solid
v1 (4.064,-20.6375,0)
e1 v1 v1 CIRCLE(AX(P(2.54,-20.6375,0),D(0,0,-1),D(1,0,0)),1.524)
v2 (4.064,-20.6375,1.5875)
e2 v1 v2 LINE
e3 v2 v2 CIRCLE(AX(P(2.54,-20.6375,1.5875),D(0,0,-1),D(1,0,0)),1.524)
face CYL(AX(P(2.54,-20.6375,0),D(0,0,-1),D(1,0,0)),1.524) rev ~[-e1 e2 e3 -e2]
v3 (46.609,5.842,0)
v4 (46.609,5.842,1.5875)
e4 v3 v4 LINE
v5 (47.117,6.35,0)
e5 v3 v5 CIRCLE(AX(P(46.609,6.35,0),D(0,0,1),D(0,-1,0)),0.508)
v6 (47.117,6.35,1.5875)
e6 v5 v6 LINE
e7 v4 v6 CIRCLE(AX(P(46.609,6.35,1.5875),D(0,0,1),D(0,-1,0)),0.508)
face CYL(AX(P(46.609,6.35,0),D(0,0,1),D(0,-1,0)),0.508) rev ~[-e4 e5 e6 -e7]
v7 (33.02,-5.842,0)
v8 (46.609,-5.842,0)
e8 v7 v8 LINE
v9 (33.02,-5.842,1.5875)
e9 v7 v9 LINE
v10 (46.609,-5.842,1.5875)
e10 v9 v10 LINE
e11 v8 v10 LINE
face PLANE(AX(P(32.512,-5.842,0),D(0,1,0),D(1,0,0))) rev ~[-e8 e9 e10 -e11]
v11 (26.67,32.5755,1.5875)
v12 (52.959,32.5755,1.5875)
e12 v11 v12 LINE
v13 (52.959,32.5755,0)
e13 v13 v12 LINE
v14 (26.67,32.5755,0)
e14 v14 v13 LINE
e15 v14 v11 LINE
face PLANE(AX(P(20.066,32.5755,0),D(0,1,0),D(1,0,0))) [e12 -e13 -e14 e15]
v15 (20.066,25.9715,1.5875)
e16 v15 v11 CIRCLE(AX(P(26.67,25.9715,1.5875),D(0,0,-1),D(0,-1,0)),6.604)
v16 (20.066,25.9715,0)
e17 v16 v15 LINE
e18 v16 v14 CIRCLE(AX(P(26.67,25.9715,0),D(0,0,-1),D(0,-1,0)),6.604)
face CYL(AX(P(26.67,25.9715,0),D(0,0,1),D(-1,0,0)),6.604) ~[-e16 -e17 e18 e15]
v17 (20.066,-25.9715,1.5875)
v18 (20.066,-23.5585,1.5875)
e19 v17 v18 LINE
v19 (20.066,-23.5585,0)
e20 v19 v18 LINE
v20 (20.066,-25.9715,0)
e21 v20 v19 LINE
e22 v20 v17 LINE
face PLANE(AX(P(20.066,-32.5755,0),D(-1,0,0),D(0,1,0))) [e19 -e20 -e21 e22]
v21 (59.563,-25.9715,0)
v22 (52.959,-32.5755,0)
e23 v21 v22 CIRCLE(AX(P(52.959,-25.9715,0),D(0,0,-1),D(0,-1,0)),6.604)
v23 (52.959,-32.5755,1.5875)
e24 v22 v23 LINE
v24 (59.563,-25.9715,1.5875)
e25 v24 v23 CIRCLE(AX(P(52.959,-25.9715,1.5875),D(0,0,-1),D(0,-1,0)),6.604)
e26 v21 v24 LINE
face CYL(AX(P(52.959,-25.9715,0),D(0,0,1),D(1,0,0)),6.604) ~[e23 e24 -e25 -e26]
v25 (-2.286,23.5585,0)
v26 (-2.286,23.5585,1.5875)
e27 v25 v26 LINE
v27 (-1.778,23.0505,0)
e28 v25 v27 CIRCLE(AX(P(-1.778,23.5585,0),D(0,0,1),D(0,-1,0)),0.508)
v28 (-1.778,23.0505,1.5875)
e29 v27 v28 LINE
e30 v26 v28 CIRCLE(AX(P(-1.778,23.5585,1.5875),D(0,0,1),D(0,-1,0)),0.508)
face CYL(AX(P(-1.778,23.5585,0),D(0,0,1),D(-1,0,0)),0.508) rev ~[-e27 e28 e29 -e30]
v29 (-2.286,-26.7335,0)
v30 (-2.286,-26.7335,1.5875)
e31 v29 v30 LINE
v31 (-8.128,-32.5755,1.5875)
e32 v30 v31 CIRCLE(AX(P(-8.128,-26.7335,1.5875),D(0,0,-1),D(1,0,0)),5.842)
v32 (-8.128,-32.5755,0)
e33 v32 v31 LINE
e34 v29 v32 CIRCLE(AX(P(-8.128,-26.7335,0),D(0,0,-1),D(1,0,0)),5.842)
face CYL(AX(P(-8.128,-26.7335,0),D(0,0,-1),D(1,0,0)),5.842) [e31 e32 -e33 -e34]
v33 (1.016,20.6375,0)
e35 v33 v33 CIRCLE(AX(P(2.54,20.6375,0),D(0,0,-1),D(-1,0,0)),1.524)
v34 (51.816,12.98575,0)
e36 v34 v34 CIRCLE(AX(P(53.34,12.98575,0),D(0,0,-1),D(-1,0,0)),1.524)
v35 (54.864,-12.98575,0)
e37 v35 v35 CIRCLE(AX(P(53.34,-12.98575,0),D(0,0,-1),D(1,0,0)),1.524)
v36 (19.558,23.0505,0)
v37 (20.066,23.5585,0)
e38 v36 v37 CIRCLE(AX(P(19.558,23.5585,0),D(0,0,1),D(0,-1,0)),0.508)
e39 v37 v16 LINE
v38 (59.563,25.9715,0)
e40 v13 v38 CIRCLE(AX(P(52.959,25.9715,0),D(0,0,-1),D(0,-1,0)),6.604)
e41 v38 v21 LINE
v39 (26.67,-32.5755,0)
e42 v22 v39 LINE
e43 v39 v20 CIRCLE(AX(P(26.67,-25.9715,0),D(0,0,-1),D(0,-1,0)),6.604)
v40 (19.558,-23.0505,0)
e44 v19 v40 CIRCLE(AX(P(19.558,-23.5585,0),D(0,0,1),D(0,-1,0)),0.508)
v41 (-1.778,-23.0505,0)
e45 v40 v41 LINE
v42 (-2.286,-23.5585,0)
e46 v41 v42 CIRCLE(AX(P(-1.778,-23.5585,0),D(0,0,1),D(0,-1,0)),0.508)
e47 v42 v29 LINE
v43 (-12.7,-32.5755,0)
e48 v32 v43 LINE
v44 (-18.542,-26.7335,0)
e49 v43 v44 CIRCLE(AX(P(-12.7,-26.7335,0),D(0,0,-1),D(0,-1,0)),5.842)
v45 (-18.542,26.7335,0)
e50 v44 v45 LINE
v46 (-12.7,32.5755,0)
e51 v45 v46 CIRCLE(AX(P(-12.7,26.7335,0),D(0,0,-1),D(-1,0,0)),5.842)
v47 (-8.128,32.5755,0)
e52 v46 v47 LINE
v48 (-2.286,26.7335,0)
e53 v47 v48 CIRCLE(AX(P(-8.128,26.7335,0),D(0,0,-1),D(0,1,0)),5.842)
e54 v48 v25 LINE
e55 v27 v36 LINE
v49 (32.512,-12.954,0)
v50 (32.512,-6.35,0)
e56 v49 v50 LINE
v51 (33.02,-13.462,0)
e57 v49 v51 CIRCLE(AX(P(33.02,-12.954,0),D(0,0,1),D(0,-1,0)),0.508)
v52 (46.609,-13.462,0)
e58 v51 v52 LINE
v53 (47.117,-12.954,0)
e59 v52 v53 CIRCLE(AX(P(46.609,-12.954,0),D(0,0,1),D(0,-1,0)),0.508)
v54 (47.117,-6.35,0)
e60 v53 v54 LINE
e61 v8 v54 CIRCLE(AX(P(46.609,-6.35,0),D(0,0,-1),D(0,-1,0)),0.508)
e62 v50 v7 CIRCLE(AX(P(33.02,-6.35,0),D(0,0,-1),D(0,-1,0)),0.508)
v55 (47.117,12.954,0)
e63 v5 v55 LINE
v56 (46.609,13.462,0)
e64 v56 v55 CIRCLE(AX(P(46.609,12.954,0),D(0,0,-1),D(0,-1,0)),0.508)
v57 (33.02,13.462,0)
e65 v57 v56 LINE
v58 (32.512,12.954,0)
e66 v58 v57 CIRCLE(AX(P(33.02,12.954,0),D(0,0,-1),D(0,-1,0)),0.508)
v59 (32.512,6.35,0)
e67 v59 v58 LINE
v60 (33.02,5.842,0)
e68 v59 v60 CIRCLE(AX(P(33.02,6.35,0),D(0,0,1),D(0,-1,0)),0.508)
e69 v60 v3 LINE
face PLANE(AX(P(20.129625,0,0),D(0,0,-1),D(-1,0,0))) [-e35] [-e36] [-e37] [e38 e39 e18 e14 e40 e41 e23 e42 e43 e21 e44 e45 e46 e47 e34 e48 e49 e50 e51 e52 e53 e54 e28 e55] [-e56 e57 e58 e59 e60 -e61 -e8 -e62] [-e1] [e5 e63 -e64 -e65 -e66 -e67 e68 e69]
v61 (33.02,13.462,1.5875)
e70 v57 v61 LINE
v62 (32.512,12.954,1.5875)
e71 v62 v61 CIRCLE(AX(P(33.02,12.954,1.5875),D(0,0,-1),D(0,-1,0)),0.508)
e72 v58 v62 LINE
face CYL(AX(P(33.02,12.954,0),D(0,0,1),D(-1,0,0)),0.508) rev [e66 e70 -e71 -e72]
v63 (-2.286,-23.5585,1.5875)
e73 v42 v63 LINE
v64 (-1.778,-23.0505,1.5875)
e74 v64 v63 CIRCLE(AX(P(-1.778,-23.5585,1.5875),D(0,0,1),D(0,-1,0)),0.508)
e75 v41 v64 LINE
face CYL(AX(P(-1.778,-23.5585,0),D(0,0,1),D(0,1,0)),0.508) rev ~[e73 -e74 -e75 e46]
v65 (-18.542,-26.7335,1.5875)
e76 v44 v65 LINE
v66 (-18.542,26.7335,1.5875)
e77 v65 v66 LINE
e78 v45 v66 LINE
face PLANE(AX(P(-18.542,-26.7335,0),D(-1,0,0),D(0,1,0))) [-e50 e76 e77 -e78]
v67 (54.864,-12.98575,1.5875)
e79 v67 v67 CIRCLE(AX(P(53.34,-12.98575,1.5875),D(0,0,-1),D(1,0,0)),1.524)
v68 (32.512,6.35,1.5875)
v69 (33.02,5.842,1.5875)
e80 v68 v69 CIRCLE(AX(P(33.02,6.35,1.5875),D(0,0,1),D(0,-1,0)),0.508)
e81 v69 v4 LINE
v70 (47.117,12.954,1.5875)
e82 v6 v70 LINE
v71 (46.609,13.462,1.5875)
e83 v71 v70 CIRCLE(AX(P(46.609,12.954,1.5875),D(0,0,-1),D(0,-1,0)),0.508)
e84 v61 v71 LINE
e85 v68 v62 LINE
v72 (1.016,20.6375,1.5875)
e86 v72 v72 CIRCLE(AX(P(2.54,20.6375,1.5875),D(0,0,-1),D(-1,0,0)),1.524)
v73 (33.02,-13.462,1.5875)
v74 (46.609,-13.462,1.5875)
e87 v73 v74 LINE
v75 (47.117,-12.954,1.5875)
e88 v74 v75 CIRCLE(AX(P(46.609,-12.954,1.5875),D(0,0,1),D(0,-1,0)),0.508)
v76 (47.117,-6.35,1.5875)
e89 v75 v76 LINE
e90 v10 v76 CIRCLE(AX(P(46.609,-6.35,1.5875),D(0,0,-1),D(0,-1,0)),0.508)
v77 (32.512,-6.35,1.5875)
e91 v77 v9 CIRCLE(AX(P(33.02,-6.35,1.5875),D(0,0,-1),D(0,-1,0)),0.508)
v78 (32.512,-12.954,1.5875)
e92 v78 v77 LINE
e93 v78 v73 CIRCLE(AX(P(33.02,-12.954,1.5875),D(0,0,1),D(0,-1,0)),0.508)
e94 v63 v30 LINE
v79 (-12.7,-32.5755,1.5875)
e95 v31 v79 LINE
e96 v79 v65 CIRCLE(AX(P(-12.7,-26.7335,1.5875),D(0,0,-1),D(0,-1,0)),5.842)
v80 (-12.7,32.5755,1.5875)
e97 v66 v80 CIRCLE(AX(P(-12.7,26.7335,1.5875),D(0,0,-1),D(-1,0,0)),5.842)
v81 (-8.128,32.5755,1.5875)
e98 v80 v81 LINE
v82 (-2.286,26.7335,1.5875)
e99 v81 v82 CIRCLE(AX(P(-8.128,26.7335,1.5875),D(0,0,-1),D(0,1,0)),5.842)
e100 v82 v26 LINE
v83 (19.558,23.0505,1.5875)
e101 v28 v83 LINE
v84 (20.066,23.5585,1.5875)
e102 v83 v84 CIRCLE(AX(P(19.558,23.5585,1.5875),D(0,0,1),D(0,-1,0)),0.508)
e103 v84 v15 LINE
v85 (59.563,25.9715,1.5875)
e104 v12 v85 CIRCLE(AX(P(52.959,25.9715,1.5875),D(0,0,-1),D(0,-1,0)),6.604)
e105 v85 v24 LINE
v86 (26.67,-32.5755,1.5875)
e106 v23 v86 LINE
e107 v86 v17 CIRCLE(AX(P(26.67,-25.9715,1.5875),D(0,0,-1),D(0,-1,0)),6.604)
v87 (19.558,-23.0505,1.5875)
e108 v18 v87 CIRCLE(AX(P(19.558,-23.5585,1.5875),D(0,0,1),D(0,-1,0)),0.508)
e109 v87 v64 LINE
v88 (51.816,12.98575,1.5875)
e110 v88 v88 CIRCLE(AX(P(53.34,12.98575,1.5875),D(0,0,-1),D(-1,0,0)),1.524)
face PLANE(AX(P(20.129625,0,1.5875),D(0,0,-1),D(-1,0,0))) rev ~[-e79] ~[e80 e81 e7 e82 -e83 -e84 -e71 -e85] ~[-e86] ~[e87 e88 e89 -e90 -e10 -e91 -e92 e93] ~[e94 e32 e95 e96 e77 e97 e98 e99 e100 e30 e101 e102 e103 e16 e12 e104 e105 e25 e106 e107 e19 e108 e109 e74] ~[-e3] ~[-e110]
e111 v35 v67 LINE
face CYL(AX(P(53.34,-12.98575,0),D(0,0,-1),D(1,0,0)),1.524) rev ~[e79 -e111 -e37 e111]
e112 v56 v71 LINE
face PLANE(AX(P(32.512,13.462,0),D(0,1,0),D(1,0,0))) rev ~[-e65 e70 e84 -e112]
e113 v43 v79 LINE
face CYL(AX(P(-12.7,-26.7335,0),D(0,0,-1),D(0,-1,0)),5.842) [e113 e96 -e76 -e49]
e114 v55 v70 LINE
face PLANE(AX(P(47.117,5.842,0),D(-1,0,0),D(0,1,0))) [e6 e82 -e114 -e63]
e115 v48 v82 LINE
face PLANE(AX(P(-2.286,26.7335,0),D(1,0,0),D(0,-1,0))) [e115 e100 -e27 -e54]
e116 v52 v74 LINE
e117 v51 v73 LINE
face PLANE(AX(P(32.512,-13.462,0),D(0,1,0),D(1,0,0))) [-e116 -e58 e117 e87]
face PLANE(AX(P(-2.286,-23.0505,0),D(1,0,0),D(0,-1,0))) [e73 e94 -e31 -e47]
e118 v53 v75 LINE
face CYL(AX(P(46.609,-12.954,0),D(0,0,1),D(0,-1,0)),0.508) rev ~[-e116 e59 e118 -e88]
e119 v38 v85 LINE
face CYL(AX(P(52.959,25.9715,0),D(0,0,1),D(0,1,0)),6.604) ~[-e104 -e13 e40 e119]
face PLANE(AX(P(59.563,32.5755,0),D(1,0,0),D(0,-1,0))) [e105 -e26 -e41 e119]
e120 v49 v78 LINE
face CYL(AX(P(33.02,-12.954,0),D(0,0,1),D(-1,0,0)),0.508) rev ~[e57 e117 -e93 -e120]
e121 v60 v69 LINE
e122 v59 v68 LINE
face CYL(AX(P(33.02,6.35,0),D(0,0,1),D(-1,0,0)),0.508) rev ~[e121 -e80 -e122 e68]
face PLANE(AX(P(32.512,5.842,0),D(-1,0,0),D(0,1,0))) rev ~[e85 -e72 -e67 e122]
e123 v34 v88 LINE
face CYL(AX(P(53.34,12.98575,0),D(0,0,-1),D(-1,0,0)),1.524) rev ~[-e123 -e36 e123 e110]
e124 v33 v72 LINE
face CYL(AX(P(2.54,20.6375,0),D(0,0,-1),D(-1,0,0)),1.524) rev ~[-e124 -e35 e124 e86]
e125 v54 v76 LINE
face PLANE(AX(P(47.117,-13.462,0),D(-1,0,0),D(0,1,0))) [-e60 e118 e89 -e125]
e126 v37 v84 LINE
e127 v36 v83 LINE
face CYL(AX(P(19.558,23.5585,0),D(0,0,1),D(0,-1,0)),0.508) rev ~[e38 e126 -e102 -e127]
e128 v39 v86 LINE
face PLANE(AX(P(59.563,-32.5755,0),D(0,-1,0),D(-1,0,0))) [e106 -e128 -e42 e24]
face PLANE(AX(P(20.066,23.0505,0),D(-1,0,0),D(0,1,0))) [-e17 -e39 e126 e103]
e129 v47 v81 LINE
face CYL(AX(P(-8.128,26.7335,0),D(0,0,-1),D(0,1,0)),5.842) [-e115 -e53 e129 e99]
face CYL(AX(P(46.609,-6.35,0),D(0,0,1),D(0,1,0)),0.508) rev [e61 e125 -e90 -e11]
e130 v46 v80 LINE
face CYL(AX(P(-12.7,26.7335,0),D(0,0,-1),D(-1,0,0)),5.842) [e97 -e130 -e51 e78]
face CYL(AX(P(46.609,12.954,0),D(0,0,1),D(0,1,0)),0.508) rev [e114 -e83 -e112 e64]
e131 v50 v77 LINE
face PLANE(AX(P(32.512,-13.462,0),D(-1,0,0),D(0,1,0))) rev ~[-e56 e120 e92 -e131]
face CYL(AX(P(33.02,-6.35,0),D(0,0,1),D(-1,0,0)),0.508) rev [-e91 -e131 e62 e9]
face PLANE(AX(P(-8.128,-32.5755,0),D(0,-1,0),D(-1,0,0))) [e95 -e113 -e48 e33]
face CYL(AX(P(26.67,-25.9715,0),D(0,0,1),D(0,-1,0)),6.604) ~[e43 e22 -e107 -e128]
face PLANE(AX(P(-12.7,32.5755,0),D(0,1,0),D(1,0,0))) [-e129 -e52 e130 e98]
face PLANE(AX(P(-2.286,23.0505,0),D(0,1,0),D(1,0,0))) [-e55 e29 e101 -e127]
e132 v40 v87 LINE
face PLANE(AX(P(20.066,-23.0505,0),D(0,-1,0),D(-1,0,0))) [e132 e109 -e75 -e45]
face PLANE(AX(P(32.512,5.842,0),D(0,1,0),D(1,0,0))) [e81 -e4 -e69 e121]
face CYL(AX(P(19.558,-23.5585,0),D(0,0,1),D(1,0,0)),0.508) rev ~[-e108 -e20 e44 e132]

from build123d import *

# Parameters (mm, degrees)
SKETCH2_W           = 14.605
SKETCH2_H           = 7.62
BOSS_EXTRUDE1_DEPTH = 1.5875
SKETCH3_R           = 1.524
CUT_EXTRUDE1_DEPTH  = 68.907542479
FILLET1_R           = 0.508
FILLET2_R           = 6.604


with BuildPart() as part:
    # Sketch2 → Boss-Extrude1 (new body)
    with BuildSketch(Plane.XY):
        with BuildLine():
            Line((-2.286, 26.7335), (-2.286, 23.0505))
            Line((-2.286, 23.0505), (18.796, 23.0505))
            Line((18.796, 23.0505), (20.066, 23.0505))
            Line((20.066, 23.0505), (20.066, 32.5755))
            Line((20.066, 32.5755), (59.563, 32.5755))
            Line((59.563, 32.5755), (59.563, 13.462))
            Line((59.563, 13.462), (59.563, -13.462))
            Line((59.563, -13.462), (59.563, -32.5755))
            Line((59.563, -32.5755), (20.066, -32.5755))
            Line((20.066, -32.5755), (20.066, -23.0505))
            Line((20.066, -23.0505), (18.796, -23.0505))
            Line((18.796, -23.0505), (-2.286, -23.0505))
            Line((-2.286, -23.0505), (-2.286, -26.7335))
            ThreePointArc((-2.286, -26.7335), (-3.997082184, -30.864417816), (-8.128, -32.5755))
            Line((-8.128, -32.5755), (-12.7, -32.5755))
            ThreePointArc((-12.7, -32.5755), (-16.830917816, -30.864417816), (-18.542, -26.7335))
            Line((-18.542, -26.7335), (-18.542, 26.7335))
            ThreePointArc((-18.542, 26.7335), (-16.830917816, 30.864417816), (-12.7, 32.5755))
            Line((-12.7, 32.5755), (-8.128, 32.5755))
            ThreePointArc((-8.128, 32.5755), (-3.997082184, 30.864417816), (-2.286, 26.7335))
        make_face()
        with Locations((39.8145, -9.652)):
            Rectangle(SKETCH2_W, SKETCH2_H, mode=Mode.SUBTRACT)
        with Locations((39.8145, 9.652)):
            Rectangle(SKETCH2_W, SKETCH2_H, mode=Mode.SUBTRACT)
    extrude(amount=BOSS_EXTRUDE1_DEPTH)

    # Sketch3 → Cut-Extrude1 (cut, through all)
    with BuildSketch(Plane(origin=(0, 0, 0), x_dir=(-1, 0, 0), z_dir=(0, 0, -1))):
        with Locations((-53.34, 12.98575)):
            Circle(SKETCH3_R)
        with Locations(Location((-53.34, -12.98575, 0), (0, 0, 180))):
            Circle(SKETCH3_R)
        with Locations((-2.54, 20.6375)):
            Circle(SKETCH3_R)
        with Locations(Location((-2.54, -20.6375, 0), (0, 0, 180))):
            Circle(SKETCH3_R)
    extrude(amount=-CUT_EXTRUDE1_DEPTH, mode=Mode.SUBTRACT)

    # Fillet1
    fillet1_edges = [part.edges().sort_by_distance(p)[0] for p in [
        (-2.286, -23.0505, 0.79375),
        (-2.286, 23.0505, 0.79375),
        (20.066, 23.0505, 0.79375),
        (20.066, -23.0505, 0.79375),
        (32.512, 13.462, 0.79375),
        (32.512, 5.842, 0.79375),
        (47.117, 5.842, 0.79375),
        (47.117, 13.462, 0.79375),
        (47.117, -5.842, 0.79375),
        (32.512, -5.842, 0.79375),
        (32.512, -13.462, 0.79375),
        (47.117, -13.462, 0.79375),
    ]]
    fillet(fillet1_edges, radius=FILLET1_R)

    # Fillet2
    fillet2_edges = [part.edges().sort_by_distance(p)[0] for p in [
        (20.066, 32.5755, 0.79375),
        (59.563, 32.5755, 0.79375),
        (59.563, -32.5755, 0.79375),
        (20.066, -32.5755, 0.79375),
    ]]
    fillet(fillet2_edges, radius=FILLET2_R)


solid = part.part
